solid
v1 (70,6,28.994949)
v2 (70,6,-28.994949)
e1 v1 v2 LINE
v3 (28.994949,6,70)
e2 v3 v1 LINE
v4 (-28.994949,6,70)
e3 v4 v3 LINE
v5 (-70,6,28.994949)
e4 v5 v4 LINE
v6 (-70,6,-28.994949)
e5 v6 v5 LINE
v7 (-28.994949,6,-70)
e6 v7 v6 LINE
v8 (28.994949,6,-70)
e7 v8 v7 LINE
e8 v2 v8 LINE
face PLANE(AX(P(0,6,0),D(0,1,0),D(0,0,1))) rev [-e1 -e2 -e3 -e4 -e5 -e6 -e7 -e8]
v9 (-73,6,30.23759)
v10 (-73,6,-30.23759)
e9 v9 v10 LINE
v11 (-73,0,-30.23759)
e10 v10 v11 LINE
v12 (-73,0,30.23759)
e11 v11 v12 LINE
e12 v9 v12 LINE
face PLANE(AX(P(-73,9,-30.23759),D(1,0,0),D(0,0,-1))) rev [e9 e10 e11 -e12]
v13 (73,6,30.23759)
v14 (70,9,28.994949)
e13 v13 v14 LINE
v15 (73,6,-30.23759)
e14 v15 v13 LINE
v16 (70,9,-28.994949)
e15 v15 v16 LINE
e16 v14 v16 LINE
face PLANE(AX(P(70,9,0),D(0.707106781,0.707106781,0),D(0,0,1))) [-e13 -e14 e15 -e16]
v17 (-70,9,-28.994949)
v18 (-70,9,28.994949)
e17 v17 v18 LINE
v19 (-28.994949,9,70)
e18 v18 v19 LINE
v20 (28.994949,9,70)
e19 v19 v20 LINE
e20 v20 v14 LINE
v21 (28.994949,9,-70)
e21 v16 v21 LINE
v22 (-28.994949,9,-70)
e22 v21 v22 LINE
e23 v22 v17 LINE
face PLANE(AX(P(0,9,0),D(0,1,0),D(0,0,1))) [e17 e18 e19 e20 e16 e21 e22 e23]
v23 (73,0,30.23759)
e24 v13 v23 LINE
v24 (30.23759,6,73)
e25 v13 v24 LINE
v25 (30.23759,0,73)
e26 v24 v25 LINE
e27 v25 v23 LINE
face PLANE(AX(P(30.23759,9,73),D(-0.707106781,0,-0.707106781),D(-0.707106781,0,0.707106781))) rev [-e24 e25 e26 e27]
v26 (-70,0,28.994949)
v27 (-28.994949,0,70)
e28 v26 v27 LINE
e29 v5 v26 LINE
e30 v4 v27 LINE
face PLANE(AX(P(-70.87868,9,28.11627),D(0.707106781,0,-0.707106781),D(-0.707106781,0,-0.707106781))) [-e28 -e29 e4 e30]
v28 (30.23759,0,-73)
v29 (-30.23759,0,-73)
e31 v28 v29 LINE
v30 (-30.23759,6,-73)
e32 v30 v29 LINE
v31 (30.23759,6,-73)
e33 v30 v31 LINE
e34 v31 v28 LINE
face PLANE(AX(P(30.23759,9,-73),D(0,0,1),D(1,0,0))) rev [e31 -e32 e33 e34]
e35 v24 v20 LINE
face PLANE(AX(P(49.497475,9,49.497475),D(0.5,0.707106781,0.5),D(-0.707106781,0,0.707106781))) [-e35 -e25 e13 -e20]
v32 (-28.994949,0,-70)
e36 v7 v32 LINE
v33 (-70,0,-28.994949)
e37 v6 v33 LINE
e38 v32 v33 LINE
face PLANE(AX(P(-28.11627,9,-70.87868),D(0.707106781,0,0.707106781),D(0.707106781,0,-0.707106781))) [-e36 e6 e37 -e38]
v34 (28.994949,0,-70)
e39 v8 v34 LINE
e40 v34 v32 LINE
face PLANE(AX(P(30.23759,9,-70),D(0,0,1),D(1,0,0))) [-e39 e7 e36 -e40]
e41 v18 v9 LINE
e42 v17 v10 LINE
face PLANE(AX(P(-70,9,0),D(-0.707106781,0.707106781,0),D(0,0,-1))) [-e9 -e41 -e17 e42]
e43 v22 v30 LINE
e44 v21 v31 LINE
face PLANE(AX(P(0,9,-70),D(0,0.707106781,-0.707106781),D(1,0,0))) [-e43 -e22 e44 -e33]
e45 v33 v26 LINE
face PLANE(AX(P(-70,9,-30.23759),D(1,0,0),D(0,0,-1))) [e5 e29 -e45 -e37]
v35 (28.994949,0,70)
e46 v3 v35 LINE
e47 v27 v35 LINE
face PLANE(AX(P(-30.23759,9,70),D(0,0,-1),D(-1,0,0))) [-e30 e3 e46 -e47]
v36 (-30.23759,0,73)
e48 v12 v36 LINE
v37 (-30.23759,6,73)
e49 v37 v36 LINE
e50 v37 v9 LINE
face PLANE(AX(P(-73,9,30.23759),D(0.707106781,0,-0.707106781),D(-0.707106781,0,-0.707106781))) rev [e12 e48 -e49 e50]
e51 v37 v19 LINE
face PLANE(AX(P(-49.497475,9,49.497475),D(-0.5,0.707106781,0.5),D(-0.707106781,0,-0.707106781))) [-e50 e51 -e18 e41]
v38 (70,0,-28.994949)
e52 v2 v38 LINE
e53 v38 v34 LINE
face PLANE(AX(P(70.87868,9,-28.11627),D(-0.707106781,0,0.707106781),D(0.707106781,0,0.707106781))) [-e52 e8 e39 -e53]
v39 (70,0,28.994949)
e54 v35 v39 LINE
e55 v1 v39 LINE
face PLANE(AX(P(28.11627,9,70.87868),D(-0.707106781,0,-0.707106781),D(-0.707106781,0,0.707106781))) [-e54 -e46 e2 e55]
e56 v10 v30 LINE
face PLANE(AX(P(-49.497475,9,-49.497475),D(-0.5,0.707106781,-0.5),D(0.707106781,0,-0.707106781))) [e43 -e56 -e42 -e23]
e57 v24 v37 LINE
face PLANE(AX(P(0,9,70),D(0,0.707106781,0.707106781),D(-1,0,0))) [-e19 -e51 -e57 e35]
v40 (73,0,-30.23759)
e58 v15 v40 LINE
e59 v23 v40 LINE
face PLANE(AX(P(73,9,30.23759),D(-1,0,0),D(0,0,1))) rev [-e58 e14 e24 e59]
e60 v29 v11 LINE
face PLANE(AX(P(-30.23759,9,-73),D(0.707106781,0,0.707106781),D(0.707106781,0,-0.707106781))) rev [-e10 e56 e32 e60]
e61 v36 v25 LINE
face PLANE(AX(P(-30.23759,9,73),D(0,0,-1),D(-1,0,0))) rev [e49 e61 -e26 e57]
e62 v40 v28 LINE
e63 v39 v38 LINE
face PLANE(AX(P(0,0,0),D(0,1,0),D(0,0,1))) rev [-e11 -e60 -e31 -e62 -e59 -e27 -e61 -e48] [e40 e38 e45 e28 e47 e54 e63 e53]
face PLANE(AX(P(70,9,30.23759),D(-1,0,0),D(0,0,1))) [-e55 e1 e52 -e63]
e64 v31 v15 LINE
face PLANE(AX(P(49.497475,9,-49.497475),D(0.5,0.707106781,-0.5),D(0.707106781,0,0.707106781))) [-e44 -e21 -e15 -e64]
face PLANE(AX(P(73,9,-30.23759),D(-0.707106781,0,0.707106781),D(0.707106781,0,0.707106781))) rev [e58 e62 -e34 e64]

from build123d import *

# Parameters (mm, degrees)
RESSALTO_EXTRUS_O2_DEPTH = 9
CASCA1_T                 = -3
CHANFRO1_SIZE            = 3


with BuildPart() as part:
    # Esboço1 → Ressalto-extrusão2 (new body)
    with BuildSketch(Plane(origin=(0, 0, 0), x_dir=(1, 0, 0), z_dir=(0, 1, 0))):
        Polygon((30.237590053, -73), (73, -30.237590053), (73, 30.237590053), (30.237590053, 73), (-30.237590053, 73), (-73, 30.237590053), (-73, -30.237590053), (-30.237590053, -73), align=None)
    extrude(amount=RESSALTO_EXTRUS_O2_DEPTH)

    # Casca1
    casca1_openings = [part.faces().sort_by_distance(p)[0] for p in [
        (0, 0, 0),
    ]]
    offset(amount=CASCA1_T, openings=casca1_openings, kind=Kind.INTERSECTION)

    # Chanfro1
    chanfro1_edges = [part.edges().sort_by_distance(p)[0] for p in [
        (73, 9, 0),
        (51.618795027, 9, -51.618795027),
        (0, 9, -73),
        (-51.618795027, 9, -51.618795027),
        (-73, 9, 0),
        (-51.618795027, 9, 51.618795027),
        (0, 9, 73),
        (51.618795027, 9, 51.618795027),
    ]]
    chamfer(chanfro1_edges, length=CHANFRO1_SIZE)


solid = part.part
